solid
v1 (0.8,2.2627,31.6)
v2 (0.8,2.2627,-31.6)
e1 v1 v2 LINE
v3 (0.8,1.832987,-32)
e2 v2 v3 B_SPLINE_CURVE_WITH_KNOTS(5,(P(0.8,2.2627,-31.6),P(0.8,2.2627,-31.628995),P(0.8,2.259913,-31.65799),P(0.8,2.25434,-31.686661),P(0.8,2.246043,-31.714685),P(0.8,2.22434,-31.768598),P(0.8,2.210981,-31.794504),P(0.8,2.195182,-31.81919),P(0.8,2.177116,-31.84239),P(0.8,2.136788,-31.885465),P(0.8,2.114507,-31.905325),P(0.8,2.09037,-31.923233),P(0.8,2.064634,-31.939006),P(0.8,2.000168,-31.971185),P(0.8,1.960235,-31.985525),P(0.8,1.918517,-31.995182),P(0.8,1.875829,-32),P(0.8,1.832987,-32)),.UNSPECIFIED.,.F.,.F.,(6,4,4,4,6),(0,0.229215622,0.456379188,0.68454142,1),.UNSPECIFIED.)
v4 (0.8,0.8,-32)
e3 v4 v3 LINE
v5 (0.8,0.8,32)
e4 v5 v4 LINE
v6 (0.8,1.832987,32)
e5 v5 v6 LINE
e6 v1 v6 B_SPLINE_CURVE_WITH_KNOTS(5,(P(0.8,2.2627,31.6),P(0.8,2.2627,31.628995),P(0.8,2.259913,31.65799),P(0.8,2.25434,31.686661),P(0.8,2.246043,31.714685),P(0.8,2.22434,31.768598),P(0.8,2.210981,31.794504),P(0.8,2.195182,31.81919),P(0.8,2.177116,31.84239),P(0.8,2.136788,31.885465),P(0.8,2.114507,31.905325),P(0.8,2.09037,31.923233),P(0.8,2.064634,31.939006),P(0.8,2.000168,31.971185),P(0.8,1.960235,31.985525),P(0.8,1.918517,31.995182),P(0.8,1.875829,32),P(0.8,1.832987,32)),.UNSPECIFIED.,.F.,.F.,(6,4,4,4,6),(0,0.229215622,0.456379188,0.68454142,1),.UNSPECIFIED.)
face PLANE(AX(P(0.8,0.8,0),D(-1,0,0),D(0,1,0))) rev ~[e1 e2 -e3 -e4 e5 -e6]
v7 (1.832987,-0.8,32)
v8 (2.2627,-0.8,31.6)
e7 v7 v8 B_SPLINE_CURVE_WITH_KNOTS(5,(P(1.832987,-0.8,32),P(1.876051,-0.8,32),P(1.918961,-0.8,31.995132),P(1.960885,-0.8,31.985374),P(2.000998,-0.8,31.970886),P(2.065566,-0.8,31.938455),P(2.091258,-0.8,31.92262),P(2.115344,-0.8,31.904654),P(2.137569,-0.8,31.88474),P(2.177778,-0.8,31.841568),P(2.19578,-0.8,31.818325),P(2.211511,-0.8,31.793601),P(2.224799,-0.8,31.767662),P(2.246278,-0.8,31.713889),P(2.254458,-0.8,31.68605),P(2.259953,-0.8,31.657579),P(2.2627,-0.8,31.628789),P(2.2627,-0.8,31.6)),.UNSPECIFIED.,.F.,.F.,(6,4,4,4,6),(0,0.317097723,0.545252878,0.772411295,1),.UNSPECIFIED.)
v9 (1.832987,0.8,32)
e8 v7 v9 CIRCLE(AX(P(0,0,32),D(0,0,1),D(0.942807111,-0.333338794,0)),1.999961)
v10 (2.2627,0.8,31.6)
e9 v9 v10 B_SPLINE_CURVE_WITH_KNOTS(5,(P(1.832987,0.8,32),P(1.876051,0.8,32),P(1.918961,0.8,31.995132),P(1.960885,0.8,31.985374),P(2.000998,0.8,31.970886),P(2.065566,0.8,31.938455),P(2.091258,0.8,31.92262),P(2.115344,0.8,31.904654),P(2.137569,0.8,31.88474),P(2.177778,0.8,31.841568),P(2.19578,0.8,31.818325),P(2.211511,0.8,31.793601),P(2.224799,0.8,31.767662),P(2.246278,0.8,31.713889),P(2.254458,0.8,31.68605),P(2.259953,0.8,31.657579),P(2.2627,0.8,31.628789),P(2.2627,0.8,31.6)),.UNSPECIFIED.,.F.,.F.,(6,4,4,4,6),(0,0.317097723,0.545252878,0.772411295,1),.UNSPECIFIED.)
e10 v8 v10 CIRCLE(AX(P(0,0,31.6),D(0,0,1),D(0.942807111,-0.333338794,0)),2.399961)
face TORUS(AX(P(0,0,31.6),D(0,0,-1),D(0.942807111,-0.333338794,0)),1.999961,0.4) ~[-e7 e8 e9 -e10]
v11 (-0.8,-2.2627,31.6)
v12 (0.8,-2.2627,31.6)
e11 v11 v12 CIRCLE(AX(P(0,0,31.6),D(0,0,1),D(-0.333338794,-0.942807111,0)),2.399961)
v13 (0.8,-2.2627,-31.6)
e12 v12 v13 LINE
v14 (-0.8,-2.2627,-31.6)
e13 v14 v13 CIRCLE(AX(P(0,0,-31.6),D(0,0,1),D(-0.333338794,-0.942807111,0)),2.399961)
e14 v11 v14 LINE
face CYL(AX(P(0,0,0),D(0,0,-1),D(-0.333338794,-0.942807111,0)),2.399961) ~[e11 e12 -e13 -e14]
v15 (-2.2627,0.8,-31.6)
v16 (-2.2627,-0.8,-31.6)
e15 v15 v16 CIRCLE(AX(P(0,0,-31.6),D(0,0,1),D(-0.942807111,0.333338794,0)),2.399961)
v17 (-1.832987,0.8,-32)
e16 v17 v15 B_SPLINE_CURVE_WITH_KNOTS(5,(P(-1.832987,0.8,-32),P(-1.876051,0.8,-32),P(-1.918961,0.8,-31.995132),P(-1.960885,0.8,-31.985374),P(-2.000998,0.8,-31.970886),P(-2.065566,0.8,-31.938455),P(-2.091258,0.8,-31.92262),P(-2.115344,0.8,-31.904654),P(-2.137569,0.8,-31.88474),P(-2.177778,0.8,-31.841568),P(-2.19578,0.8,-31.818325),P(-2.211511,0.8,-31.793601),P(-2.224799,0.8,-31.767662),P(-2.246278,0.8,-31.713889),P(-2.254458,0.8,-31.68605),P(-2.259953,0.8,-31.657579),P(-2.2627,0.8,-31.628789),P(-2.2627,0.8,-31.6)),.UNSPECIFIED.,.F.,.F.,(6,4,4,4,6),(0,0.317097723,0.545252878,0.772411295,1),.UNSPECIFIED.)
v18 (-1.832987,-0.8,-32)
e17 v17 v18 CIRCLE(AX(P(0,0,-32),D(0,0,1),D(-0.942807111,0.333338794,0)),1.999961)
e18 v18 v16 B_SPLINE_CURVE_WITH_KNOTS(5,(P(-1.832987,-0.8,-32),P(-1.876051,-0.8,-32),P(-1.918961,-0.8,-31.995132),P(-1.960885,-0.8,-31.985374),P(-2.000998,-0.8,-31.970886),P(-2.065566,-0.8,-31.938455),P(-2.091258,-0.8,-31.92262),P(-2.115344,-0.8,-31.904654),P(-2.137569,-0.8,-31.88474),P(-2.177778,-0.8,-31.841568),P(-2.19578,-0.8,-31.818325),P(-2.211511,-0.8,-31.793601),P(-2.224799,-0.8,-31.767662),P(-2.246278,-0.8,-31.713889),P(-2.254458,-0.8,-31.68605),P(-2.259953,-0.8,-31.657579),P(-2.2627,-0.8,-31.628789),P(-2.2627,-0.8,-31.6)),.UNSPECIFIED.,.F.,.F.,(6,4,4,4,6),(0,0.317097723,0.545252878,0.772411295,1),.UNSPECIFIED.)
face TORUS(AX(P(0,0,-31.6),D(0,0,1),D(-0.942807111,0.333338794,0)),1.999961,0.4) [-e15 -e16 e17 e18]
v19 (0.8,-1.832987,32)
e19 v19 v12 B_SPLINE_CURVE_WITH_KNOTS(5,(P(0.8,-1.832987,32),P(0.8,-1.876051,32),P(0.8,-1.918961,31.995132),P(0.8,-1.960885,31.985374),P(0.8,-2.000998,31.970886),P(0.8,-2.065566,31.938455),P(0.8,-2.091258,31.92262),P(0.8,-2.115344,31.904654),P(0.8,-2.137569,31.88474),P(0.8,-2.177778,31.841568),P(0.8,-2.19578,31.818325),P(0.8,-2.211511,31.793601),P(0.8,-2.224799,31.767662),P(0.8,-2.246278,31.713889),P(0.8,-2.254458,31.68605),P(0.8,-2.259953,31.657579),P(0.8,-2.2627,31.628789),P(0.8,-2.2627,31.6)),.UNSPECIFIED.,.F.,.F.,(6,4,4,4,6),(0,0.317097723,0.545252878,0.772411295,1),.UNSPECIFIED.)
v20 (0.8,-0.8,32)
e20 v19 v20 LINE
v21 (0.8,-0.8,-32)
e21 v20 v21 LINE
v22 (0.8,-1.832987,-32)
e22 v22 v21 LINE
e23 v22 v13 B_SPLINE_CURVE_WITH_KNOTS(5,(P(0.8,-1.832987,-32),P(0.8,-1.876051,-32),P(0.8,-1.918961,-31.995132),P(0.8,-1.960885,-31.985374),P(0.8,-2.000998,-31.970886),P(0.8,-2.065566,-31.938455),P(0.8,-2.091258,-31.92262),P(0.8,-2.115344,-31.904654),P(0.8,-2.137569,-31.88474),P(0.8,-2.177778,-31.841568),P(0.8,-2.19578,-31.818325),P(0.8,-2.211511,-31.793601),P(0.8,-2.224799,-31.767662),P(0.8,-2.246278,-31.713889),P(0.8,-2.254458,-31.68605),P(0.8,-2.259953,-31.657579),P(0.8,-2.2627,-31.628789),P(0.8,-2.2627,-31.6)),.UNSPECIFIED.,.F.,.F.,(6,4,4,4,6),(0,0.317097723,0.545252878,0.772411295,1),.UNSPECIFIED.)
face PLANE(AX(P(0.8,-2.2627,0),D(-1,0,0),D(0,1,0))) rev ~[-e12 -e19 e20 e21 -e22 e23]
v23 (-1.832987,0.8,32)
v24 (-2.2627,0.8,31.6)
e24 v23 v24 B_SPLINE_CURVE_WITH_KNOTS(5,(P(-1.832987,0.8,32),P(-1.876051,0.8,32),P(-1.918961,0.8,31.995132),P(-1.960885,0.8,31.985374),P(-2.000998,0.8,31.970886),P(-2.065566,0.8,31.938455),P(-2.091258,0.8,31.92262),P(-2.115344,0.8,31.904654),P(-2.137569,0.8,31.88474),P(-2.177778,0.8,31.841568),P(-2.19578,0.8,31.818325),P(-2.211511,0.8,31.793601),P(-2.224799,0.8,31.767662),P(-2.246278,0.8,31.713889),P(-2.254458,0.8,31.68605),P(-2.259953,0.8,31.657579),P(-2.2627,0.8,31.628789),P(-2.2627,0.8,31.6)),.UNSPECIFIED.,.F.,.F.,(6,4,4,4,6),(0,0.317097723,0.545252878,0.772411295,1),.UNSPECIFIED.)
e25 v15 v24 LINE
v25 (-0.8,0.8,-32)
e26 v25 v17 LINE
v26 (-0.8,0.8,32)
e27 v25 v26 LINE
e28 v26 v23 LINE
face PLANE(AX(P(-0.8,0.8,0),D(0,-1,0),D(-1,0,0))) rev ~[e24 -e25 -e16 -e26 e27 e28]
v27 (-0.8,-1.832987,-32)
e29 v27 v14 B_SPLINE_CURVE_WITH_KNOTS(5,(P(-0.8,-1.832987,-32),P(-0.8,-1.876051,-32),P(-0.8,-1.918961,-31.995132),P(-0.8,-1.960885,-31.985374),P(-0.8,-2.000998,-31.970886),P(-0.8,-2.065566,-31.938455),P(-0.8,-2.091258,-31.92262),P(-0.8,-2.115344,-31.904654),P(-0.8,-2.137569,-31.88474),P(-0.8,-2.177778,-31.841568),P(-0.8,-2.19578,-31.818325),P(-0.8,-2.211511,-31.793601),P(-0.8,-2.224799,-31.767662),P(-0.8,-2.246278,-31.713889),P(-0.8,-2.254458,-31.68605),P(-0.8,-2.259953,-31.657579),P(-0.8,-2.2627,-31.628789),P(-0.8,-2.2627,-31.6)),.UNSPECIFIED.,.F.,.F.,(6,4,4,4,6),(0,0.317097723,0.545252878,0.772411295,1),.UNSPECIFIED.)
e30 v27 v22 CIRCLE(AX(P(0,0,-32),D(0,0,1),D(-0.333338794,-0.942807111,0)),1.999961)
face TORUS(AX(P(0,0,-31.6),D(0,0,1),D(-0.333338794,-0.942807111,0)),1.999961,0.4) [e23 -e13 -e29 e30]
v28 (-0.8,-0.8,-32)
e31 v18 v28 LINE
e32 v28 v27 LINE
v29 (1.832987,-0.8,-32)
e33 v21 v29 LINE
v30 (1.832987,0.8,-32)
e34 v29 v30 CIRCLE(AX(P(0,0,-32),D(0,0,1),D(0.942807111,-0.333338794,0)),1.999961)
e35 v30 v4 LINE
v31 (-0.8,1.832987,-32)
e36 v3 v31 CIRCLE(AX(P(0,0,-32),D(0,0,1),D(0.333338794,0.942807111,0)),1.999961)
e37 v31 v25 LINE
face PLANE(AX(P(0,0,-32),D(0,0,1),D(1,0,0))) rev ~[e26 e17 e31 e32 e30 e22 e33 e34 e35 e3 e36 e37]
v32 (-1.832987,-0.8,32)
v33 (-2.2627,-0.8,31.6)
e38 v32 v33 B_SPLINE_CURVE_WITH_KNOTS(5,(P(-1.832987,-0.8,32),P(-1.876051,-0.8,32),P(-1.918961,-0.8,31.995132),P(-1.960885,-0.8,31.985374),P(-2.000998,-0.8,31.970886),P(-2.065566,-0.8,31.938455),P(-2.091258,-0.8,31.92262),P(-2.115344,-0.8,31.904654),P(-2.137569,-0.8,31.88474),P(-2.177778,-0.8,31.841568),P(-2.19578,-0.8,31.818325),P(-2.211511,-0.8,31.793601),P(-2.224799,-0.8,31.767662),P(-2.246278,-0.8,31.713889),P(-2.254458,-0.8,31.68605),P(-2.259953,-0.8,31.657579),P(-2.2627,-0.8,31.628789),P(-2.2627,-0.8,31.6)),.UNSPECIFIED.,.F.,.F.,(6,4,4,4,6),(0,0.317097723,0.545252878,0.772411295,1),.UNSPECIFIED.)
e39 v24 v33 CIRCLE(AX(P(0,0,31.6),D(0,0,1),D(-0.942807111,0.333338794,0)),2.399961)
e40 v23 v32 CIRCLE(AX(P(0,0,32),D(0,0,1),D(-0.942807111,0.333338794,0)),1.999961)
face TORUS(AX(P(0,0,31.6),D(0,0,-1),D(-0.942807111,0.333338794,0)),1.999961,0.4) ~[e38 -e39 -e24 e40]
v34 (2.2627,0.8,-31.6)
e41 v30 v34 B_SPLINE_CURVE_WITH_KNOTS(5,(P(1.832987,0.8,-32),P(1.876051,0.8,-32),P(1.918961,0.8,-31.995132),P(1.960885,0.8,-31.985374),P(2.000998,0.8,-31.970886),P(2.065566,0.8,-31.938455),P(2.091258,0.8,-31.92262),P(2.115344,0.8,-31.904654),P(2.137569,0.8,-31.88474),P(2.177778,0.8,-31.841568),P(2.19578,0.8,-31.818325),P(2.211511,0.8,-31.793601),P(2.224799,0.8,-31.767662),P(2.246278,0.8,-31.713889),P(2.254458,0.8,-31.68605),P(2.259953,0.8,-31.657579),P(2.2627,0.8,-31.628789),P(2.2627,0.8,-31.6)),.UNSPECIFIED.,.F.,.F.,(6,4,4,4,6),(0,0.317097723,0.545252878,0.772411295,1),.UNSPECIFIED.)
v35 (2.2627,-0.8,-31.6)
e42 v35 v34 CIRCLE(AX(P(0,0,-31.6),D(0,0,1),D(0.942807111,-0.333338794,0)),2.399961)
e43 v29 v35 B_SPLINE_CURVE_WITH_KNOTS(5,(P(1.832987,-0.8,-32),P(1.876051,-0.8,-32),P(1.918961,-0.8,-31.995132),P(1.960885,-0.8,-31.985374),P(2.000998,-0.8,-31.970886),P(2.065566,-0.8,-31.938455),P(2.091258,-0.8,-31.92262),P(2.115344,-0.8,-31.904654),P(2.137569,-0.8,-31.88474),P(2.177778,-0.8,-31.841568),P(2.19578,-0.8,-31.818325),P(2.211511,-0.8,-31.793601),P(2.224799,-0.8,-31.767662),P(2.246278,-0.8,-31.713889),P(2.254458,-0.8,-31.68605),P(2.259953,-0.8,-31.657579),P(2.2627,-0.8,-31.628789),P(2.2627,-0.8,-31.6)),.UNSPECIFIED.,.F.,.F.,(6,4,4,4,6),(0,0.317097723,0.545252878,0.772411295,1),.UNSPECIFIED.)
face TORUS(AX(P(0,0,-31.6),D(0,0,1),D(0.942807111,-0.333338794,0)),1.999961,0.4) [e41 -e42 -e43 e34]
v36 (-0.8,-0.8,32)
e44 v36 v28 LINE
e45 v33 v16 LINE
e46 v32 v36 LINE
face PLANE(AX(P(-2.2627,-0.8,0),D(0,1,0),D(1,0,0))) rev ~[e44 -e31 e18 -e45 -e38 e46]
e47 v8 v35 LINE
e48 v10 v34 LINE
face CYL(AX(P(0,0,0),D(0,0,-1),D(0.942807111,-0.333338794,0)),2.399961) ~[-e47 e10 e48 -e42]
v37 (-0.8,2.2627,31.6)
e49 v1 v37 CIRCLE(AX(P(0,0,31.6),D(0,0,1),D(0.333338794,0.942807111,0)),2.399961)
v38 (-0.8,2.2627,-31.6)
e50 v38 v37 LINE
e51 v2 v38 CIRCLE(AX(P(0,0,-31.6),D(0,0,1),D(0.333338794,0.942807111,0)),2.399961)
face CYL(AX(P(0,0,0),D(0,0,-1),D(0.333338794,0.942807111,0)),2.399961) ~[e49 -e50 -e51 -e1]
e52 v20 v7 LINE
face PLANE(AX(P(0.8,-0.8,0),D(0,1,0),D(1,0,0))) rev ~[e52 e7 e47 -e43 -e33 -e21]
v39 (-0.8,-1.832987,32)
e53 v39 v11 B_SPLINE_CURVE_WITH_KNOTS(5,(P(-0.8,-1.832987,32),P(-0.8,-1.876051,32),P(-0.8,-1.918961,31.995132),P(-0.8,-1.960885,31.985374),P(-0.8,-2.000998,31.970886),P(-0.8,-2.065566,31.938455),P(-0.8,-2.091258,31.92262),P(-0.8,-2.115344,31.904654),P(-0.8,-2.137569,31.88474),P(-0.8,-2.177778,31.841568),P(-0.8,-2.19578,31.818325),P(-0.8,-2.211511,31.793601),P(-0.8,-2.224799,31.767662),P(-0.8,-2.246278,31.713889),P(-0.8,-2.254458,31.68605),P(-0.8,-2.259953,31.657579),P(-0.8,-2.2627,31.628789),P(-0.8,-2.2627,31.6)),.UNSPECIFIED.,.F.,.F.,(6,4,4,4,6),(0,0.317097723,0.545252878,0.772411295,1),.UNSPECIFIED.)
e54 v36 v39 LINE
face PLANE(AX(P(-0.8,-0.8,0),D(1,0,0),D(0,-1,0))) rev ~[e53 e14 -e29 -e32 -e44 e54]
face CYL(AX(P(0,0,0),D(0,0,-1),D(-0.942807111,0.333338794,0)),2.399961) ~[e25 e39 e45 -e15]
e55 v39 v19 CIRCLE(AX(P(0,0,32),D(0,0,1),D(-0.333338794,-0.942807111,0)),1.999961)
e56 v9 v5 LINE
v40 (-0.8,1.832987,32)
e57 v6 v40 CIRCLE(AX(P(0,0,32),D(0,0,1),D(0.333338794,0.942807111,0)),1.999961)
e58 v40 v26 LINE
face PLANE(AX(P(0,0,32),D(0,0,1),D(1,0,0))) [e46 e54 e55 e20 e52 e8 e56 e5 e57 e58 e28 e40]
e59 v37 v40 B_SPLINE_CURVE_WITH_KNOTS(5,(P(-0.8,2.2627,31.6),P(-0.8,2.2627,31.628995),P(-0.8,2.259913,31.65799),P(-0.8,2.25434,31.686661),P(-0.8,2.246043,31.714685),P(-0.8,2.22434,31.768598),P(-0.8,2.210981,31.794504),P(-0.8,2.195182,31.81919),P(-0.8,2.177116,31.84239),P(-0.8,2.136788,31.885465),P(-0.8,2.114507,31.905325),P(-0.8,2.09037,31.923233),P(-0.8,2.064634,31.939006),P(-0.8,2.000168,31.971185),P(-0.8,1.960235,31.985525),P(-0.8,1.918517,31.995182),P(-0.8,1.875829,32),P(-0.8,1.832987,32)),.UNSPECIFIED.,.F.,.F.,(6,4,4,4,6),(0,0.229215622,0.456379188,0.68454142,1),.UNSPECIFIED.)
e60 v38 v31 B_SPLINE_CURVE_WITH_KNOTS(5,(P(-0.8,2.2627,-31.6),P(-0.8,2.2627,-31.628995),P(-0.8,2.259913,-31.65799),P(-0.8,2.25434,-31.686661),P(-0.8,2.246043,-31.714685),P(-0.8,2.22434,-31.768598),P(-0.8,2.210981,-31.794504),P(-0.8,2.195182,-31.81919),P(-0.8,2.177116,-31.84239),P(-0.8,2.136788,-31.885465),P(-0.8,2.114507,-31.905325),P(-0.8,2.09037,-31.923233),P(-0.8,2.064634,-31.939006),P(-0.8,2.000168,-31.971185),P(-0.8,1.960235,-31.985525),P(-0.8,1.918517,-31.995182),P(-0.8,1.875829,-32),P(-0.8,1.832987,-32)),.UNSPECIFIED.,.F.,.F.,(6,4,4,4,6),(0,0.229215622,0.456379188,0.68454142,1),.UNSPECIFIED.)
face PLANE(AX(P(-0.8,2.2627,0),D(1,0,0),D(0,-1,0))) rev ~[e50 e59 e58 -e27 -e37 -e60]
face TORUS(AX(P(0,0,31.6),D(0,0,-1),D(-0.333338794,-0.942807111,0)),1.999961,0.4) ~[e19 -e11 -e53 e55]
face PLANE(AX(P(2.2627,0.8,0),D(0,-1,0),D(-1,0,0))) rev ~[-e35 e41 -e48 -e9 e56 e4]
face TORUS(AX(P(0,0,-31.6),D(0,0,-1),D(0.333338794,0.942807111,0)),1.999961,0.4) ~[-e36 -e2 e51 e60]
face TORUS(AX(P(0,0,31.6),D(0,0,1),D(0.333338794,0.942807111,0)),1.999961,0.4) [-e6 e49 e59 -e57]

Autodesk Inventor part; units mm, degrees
ref_plane "YZ Plane" through (0, 0, 0) normal (1, 0, 0) x (0, 1, 0)
ref_plane "XZ Plane" through (0, 0, 0) normal (0, 1, 0) x (-1, 0, 0)
ref_plane "XY Plane" through (0, 0, 0) normal (0, 0, 1) x (1, 0, 0)
sketch "Sketch1" plane through (0, 0, 0) normal (0, 0, 1) x (1, 0, 0)
  circle A0 centre (0, 0) radius 2.4 construction
  line L0 (-0.8, 2.2627) -> (-0.8, 0.8)
  line L1 (-0.8, 0.8) -> (-2.2627, 0.8)
  line L2 (-2.2627, -0.8) -> (-0.8, -0.8)
  line L3 (-0.8, -0.8) -> (-0.8, -2.2627)
  line L4 (0.8, -2.2627) -> (0.8, -0.8)
  line L5 (0.8, -0.8) -> (2.2627, -0.8)
  line L6 (2.2627, 0.8) -> (0.8, 0.8)
  line L7 (0.8, 0.8) -> (0.8, 2.2627)
  arc A1 (0.8, 2.2627) -> (-0.8, 2.2627) centre (0, 0) ccw
  arc A2 (-2.2627, 0.8) -> (-2.2627, -0.8) centre (0, 0) ccw
  arc A3 (-0.8, -2.2627) -> (0.8, -2.2627) centre (0, 0) ccw
  arc A4 (2.2627, -0.8) -> (2.2627, 0.8) centre (0, 0) ccw
  dimension "d0" = 4.8
  dimension "d1" = 1.6
extrude "Extrusion1" add sketch "Sketch1" along normal mid plane 64
fillet "Fillet1" radius 0.4 8 edges at (0, 2.4, 32) (-2.4, 0, 32) (0, -2.4, 32) (2.4, 0, 32) (2.4, 0, -32) (0, 2.4, -32) (-2.4, 0, -32) (0, -2.4, -32)
equation "\"d0\" = kd"
equation "\"d1\" = axlet"
equation "\"d2\" = 8 * lu"
equation "\"d4\" = tf"
equation "\"unit\" = 8"
equation "\"kd\" = 4.8"
equation "\"axlet\" = 1.6"
equation "\"lu\" = 8"
equation "\"tf\" = 0.4"
properties part number "3707-Black" material "ABS Plastic"
